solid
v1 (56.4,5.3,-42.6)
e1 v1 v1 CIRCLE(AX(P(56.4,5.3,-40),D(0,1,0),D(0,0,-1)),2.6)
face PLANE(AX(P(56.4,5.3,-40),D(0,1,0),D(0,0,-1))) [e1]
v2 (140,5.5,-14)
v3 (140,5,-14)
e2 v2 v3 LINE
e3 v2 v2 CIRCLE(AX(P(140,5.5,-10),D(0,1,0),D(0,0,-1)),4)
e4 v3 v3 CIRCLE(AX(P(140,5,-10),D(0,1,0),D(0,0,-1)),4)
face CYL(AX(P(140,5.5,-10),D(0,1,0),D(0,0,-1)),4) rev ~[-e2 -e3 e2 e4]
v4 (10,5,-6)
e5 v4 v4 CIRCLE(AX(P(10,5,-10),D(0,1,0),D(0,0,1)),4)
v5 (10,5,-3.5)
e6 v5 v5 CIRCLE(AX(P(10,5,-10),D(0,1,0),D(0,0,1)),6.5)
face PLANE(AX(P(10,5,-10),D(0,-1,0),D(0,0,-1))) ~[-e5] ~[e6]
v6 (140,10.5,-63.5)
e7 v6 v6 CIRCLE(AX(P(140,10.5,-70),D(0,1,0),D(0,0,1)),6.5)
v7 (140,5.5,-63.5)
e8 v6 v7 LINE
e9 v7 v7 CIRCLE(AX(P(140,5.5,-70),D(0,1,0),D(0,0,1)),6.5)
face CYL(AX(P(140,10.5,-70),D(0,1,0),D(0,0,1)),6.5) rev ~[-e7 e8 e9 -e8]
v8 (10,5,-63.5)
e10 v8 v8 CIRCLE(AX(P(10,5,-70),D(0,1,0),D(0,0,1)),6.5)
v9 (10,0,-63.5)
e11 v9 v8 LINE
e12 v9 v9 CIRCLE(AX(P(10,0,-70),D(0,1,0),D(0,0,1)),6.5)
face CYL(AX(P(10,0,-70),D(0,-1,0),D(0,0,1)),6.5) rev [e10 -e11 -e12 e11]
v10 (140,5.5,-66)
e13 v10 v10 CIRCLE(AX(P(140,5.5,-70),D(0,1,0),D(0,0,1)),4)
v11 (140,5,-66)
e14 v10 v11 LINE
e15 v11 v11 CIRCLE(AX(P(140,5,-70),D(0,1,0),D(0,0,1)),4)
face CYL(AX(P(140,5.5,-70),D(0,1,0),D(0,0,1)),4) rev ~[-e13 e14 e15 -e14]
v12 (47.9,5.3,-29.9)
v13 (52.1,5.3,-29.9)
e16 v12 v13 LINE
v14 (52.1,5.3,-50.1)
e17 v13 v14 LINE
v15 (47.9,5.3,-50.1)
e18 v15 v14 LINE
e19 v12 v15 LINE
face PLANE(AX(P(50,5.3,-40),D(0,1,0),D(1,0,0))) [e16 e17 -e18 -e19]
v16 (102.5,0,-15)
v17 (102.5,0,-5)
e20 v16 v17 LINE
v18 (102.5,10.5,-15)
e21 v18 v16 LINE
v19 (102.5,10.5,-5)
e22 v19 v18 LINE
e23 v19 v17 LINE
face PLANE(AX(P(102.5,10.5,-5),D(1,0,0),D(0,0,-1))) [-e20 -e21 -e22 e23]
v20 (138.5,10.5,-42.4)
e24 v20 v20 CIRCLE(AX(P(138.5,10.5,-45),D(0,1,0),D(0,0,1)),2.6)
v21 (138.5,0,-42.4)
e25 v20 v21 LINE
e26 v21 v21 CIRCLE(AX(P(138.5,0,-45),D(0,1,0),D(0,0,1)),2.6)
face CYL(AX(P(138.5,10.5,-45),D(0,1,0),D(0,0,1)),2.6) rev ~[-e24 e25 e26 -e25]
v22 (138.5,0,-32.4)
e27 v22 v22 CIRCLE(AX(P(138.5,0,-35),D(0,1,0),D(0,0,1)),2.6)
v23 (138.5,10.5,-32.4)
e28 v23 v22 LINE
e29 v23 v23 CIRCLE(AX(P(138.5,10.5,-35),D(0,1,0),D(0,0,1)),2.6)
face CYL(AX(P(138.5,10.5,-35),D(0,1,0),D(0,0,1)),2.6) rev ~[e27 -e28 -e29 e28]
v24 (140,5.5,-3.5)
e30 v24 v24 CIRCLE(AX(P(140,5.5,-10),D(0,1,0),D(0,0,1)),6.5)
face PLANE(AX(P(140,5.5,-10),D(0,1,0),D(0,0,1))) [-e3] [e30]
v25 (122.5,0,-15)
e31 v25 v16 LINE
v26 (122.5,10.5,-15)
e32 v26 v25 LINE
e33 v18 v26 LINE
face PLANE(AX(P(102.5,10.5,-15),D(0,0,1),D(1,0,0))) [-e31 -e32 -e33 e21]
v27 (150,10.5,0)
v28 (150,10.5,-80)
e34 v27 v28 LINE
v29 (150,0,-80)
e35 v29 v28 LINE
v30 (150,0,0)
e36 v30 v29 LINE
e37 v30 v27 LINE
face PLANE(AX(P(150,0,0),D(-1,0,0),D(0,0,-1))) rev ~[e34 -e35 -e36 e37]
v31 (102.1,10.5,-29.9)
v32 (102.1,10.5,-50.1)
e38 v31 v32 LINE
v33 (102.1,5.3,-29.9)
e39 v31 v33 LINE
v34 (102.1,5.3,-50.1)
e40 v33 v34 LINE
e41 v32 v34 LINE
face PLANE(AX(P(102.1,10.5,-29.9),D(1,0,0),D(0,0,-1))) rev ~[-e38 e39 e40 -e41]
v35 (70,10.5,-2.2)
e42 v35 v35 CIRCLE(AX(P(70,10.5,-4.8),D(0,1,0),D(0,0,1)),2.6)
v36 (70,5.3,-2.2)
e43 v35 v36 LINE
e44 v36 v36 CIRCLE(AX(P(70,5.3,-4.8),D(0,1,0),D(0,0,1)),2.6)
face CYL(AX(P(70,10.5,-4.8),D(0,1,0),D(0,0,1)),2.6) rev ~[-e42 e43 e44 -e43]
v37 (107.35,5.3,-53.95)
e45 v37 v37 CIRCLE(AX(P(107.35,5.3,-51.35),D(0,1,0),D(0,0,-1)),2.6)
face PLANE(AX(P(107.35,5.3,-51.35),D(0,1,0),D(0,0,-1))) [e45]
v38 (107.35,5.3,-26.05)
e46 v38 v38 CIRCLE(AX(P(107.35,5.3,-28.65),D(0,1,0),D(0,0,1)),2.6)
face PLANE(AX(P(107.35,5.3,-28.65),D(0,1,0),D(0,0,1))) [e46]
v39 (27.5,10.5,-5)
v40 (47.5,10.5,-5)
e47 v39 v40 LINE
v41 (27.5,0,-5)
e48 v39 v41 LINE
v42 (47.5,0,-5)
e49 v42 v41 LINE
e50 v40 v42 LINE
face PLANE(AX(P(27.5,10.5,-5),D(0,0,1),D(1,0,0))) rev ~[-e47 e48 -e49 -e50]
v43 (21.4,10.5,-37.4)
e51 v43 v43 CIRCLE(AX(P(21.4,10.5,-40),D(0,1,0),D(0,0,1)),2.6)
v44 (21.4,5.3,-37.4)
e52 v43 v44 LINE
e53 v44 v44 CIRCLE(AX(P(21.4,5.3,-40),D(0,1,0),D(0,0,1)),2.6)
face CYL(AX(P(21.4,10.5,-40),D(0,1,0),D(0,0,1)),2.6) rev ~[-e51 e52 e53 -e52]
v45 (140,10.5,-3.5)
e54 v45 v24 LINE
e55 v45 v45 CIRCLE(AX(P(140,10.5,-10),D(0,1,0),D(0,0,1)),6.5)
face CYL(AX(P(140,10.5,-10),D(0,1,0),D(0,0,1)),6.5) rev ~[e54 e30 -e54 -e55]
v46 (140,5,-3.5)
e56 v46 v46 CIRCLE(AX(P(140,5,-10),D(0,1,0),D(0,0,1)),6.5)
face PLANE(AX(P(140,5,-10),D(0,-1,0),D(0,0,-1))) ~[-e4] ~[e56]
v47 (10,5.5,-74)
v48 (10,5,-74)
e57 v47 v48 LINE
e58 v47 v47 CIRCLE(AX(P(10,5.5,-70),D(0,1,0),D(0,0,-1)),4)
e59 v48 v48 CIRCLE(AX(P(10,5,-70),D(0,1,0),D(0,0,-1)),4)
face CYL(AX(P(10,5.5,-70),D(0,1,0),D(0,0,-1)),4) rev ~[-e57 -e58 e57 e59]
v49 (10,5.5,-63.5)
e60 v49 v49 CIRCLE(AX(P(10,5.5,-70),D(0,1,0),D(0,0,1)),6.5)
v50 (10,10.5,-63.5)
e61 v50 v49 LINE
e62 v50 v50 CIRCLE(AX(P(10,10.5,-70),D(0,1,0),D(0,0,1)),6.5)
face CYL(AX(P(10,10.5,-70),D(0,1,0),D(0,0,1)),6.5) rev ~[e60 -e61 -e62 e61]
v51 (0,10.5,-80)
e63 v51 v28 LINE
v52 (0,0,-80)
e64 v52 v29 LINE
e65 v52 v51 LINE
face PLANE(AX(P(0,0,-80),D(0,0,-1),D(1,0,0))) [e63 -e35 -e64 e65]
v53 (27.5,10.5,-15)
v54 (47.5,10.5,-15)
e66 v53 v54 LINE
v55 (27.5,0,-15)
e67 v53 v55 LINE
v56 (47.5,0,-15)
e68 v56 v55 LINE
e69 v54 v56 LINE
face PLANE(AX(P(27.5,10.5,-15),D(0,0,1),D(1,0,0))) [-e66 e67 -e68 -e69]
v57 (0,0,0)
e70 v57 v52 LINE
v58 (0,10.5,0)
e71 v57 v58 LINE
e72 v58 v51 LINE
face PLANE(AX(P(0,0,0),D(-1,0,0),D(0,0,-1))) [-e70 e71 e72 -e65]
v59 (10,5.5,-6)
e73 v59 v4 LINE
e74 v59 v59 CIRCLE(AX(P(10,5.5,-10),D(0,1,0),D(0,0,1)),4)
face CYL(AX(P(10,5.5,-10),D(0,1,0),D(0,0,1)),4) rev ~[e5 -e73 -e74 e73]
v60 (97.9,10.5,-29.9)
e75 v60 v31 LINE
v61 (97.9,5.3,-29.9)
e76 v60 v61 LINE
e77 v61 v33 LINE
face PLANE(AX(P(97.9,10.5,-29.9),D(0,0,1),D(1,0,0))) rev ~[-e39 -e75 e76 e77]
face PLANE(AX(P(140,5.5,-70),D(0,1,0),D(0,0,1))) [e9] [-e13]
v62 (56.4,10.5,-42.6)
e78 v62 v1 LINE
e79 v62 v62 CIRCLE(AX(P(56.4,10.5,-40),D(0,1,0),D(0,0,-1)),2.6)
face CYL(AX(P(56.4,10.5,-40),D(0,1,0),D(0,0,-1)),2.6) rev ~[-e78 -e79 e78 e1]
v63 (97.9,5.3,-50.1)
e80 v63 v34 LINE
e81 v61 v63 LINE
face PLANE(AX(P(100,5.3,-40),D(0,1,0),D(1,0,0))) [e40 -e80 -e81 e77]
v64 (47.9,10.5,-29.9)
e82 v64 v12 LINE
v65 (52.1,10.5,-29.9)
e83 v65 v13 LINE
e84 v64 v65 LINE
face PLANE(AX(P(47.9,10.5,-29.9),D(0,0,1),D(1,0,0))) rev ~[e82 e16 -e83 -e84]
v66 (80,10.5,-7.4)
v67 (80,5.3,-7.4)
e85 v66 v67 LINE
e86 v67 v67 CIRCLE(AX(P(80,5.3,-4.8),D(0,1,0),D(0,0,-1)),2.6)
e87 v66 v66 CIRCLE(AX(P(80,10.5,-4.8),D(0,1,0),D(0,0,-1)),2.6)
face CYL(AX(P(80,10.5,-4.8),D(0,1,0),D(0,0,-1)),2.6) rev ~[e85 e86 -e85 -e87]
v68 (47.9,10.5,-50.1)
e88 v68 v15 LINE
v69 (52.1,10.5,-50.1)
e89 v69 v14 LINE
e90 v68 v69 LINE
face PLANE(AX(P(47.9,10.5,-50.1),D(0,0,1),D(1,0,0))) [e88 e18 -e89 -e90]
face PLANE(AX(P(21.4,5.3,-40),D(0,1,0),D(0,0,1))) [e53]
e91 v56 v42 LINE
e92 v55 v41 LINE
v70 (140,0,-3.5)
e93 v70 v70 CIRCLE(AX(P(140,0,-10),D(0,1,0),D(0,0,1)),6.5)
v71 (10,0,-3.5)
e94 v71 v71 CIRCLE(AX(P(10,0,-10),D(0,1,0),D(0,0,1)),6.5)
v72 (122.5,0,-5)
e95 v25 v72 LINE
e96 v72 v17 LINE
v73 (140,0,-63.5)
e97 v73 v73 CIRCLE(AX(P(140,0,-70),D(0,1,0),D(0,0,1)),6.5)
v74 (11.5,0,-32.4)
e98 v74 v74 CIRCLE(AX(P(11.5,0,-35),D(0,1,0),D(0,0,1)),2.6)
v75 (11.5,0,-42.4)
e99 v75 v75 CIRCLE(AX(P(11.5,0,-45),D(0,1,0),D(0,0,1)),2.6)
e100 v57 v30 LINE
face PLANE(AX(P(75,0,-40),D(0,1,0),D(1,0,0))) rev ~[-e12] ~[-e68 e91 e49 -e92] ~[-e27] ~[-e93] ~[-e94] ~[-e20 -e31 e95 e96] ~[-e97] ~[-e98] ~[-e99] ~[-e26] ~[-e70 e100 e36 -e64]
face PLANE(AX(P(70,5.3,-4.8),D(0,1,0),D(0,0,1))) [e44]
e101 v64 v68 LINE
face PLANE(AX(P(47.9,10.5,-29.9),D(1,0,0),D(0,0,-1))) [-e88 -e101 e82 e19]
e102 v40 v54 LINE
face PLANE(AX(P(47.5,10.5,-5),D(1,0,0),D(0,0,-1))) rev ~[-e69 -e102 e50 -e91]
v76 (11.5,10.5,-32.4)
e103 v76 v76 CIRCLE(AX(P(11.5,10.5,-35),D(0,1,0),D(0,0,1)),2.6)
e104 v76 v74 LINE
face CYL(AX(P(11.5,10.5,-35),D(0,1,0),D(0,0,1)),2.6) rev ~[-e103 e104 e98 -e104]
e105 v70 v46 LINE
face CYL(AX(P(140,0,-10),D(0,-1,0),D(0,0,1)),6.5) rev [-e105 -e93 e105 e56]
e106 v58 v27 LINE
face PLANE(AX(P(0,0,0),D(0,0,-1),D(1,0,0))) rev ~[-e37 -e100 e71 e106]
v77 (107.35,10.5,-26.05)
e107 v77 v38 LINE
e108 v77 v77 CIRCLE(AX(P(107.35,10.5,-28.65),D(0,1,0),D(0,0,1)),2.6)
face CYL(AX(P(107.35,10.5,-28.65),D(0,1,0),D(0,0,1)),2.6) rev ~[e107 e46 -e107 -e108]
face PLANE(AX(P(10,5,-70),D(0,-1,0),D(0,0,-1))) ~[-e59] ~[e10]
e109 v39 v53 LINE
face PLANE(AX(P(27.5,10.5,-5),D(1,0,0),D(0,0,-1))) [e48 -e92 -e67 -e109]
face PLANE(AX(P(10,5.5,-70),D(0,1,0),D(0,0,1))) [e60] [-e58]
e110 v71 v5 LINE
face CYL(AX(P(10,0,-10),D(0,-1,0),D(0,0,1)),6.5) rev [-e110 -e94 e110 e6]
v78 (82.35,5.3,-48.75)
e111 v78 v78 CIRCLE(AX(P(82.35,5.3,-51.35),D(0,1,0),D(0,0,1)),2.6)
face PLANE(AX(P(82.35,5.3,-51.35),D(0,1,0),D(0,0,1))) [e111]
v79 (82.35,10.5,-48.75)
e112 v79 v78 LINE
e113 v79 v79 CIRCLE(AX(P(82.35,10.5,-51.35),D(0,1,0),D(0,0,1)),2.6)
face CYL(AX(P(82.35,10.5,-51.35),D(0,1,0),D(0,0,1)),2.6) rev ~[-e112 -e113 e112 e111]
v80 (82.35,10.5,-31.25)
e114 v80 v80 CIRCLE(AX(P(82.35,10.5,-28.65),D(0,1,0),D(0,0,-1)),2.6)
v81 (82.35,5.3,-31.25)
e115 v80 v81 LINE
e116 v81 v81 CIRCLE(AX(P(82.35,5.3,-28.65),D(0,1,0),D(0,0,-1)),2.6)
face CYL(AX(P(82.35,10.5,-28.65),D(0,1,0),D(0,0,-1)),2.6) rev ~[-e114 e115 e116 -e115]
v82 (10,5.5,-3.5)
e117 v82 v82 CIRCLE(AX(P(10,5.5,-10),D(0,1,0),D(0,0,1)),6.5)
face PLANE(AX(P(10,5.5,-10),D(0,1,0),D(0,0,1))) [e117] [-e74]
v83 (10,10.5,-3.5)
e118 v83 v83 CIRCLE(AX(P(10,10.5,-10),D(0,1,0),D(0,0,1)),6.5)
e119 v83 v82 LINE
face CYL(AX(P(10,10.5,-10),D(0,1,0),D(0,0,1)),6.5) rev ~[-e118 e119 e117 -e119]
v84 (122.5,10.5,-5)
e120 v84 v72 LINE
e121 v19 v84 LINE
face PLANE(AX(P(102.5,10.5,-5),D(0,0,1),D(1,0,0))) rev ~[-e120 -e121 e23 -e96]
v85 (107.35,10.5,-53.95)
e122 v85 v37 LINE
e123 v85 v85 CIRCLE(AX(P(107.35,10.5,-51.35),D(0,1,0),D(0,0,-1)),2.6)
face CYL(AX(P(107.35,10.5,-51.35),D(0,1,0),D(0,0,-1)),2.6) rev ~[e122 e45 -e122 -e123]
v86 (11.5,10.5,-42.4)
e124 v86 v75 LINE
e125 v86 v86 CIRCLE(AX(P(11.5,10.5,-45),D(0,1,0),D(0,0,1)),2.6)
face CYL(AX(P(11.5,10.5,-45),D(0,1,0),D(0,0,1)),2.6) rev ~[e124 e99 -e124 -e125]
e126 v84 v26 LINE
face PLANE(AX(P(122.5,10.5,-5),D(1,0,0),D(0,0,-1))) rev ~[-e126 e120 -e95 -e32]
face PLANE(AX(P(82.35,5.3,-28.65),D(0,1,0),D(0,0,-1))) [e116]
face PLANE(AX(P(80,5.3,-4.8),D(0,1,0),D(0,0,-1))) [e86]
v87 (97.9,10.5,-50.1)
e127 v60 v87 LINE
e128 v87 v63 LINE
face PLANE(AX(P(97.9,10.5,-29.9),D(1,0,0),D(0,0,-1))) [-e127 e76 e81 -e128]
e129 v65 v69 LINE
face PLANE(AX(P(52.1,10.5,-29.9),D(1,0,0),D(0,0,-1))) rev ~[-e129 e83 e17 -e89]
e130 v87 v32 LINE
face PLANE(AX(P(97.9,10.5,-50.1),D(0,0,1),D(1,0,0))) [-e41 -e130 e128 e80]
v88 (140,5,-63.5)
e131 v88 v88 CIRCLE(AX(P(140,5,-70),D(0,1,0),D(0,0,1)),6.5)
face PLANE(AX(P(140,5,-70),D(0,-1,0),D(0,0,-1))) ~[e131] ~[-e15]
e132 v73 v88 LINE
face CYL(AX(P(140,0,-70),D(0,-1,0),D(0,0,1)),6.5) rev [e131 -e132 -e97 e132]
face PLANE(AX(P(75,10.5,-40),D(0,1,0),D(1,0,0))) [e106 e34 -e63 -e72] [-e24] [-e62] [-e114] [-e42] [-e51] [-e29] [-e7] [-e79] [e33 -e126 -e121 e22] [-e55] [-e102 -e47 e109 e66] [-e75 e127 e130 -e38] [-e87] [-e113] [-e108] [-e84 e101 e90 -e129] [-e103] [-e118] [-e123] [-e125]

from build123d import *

# Parameters (mm, degrees)
SKETCH1_W            = 150
SKETCH1_H            = 80
BOSS_EXTRUDE1_DEPTH  = 10.5
SKETCH10_R           = 6.5
CUT_EXTRUDE8_DEPTH   = 5
WIREHOLES_REACH      = 172.324
SKETCH3_W            = 20
SKETCH3_H            = 10
SKETCH6_R            = 2.6
F_4AACUT_DEPTH       = 5.2
SKETCH7_R            = 2.6
F_2AACUT_DEPTH       = 5.2
SKETCH5_W            = 4.2
SKETCH5_H            = 20.2
ARDUINOMEGACUT_DEPTH = 5.2
SKETCH8_R            = 2.6
MPUCUT_DEPTH         = 5.2
CUT_EXTRUDE7_REACH   = 172.324
SKETCH9_R            = 2.6
SKETCH11_R           = 4
CUT_EXTRUDE9_DEPTH   = 0.5


with BuildPart() as part:
    # Sketch1 → Boss-Extrude1 (new body)
    with BuildSketch(Plane(origin=(0, 0, 0), x_dir=(1, 0, 0), z_dir=(0, 1, 0))):
        with Locations((75, 40)):
            Rectangle(SKETCH1_W, SKETCH1_H)
    extrude(amount=BOSS_EXTRUDE1_DEPTH)

    # Sketch10 → Cut-Extrude8 (cut)
    with BuildSketch(Plane(origin=(0, 10.5, 0), x_dir=(1, 0, 0), z_dir=(0, 1, 0))):
        with Locations(Location((10, 10, 0), (0, 0, 270))):
            Circle(SKETCH10_R)
        with Locations(Location((140, 10, 0), (0, 0, 270))):
            Circle(SKETCH10_R)
        with Locations(Location((10, 70, 0), (0, 0, 270))):
            Circle(SKETCH10_R)
        with Locations(Location((140, 70, 0), (0, 0, 270))):
            Circle(SKETCH10_R)
    cut_extrude8 = extrude(amount=-CUT_EXTRUDE8_DEPTH, mode=Mode.SUBTRACT)

    # Mirror1: Cut-Extrude8 across plane
    add(cut_extrude8.mirror(Plane.ZX.offset(5.25)), mode=Mode.SUBTRACT)

    # Sketch3 → WireHoles (cut, up to next)
    with BuildSketch(Plane(origin=(0, 10.5, 0), x_dir=(1, 0, 0), z_dir=(0, 1, 0)), mode=Mode.PRIVATE) as wireholes_sk1:
        with Locations((37.5, 10)):
            Rectangle(SKETCH3_W, SKETCH3_H)
    wireholes_tool1 = extrude(wireholes_sk1.sketch, amount=-WIREHOLES_REACH, mode=Mode.PRIVATE) & part.part
    # Sketch3 → WireHoles (cut, up to next)
    with BuildSketch(Plane(origin=(0, 10.5, 0), x_dir=(1, 0, 0), z_dir=(0, 1, 0)), mode=Mode.PRIVATE) as wireholes_sk2:
        with Locations((112.5, 10)):
            Rectangle(SKETCH3_W, SKETCH3_H)
    wireholes_tool2 = extrude(wireholes_sk2.sketch, amount=-WIREHOLES_REACH, mode=Mode.PRIVATE) & part.part
    add(wireholes_tool1.solids().sort_by_distance((37.5, 10.5, -10))[0], mode=Mode.SUBTRACT)
    add(wireholes_tool2.solids().sort_by_distance((112.5, 10.5, -10))[0], mode=Mode.SUBTRACT)

    # Sketch6 → 4AACut (cut)
    with BuildSketch(Plane(origin=(0, 10.5, 0), x_dir=(1, 0, 0), z_dir=(0, 1, 0))):
        with Locations(Location((21.4, 40, 0), (0, 0, 270))):
            Circle(SKETCH6_R)
        with Locations(Location((56.4, 40, 0), (0, 0, 90))):
            Circle(SKETCH6_R)
    extrude(amount=-F_4AACUT_DEPTH, mode=Mode.SUBTRACT)

    # Sketch7 → 2AACut (cut)
    with BuildSketch(Plane(origin=(0, 10.5, 0), x_dir=(1, 0, 0), z_dir=(0, 1, 0))):
        with Locations(Location((82.35, 51.35, 0), (0, 0, 270))):
            Circle(SKETCH7_R)
        with Locations(Location((107.35, 51.35, 0), (0, 0, 90))):
            Circle(SKETCH7_R)
        with Locations(Location((82.35, 28.65, 0), (0, 0, 90))):
            Circle(SKETCH7_R)
        with Locations(Location((107.35, 28.65, 0), (0, 0, 270))):
            Circle(SKETCH7_R)
    extrude(amount=-F_2AACUT_DEPTH, mode=Mode.SUBTRACT)

    # Sketch5 → ArduinoMegaCut (cut)
    with BuildSketch(Plane(origin=(0, 10.5, 0), x_dir=(1, 0, 0), z_dir=(0, 1, 0))):
        with Locations((50, 40)):
            Rectangle(SKETCH5_W, SKETCH5_H)
        with Locations((100, 40)):
            Rectangle(SKETCH5_W, SKETCH5_H)
    extrude(amount=-ARDUINOMEGACUT_DEPTH, mode=Mode.SUBTRACT)

    # Sketch8 → MPUCut (cut)
    with BuildSketch(Plane(origin=(0, 10.5, 0), x_dir=(1, 0, 0), z_dir=(0, 1, 0))):
        with Locations(Location((70, 4.8, 0), (0, 0, 270))):
            Circle(SKETCH8_R)
        with Locations(Location((80, 4.8, 0), (0, 0, 90))):
            Circle(SKETCH8_R)
    extrude(amount=-MPUCUT_DEPTH, mode=Mode.SUBTRACT)

    # Sketch9 → Cut-Extrude7 (cut, up to next)
    with BuildSketch(Plane(origin=(0, 10.5, 0), x_dir=(1, 0, 0), z_dir=(0, 1, 0)), mode=Mode.PRIVATE) as cut_extrude7_sk1:
        with Locations(Location((138.5, 45, 0), (0, 0, 270))):
            Circle(SKETCH9_R)
    cut_extrude7_tool1 = extrude(cut_extrude7_sk1.sketch, amount=-CUT_EXTRUDE7_REACH, mode=Mode.PRIVATE) & part.part
    # Sketch9 → Cut-Extrude7 (cut, up to next)
    with BuildSketch(Plane(origin=(0, 10.5, 0), x_dir=(1, 0, 0), z_dir=(0, 1, 0)), mode=Mode.PRIVATE) as cut_extrude7_sk2:
        with Locations(Location((138.5, 35, 0), (0, 0, 270))):
            Circle(SKETCH9_R)
    cut_extrude7_tool2 = extrude(cut_extrude7_sk2.sketch, amount=-CUT_EXTRUDE7_REACH, mode=Mode.PRIVATE) & part.part
    # Sketch9 → Cut-Extrude7 (cut, up to next)
    with BuildSketch(Plane(origin=(0, 10.5, 0), x_dir=(1, 0, 0), z_dir=(0, 1, 0)), mode=Mode.PRIVATE) as cut_extrude7_sk3:
        with Locations(Location((11.5, 45, 0), (0, 0, 270))):
            Circle(SKETCH9_R)
    cut_extrude7_tool3 = extrude(cut_extrude7_sk3.sketch, amount=-CUT_EXTRUDE7_REACH, mode=Mode.PRIVATE) & part.part
    # Sketch9 → Cut-Extrude7 (cut, up to next)
    with BuildSketch(Plane(origin=(0, 10.5, 0), x_dir=(1, 0, 0), z_dir=(0, 1, 0)), mode=Mode.PRIVATE) as cut_extrude7_sk4:
        with Locations(Location((11.5, 35, 0), (0, 0, 270))):
            Circle(SKETCH9_R)
    cut_extrude7_tool4 = extrude(cut_extrude7_sk4.sketch, amount=-CUT_EXTRUDE7_REACH, mode=Mode.PRIVATE) & part.part
    add(cut_extrude7_tool1.solids().sort_by_distance((138.5, 10.5, -45))[0], mode=Mode.SUBTRACT)
    add(cut_extrude7_tool2.solids().sort_by_distance((138.5, 10.5, -35))[0], mode=Mode.SUBTRACT)
    add(cut_extrude7_tool3.solids().sort_by_distance((11.5, 10.5, -45))[0], mode=Mode.SUBTRACT)
    add(cut_extrude7_tool4.solids().sort_by_distance((11.5, 10.5, -35))[0], mode=Mode.SUBTRACT)

    # Sketch11 → Cut-Extrude9 (cut)
    with BuildSketch(Plane(origin=(0, 5.5, 0), x_dir=(1, 0, 0), z_dir=(0, 1, 0))):
        with Locations(Location((10, 10, 0), (0, 0, 270))):
            Circle(SKETCH11_R)
        with Locations(Location((10, 70, 0), (0, 0, 90))):
            Circle(SKETCH11_R)
        with Locations(Location((140, 70, 0), (0, 0, 270))):
            Circle(SKETCH11_R)
        with Locations(Location((140, 10, 0), (0, 0, 90))):
            Circle(SKETCH11_R)
    extrude(amount=-CUT_EXTRUDE9_DEPTH, mode=Mode.SUBTRACT)


solid = part.part
